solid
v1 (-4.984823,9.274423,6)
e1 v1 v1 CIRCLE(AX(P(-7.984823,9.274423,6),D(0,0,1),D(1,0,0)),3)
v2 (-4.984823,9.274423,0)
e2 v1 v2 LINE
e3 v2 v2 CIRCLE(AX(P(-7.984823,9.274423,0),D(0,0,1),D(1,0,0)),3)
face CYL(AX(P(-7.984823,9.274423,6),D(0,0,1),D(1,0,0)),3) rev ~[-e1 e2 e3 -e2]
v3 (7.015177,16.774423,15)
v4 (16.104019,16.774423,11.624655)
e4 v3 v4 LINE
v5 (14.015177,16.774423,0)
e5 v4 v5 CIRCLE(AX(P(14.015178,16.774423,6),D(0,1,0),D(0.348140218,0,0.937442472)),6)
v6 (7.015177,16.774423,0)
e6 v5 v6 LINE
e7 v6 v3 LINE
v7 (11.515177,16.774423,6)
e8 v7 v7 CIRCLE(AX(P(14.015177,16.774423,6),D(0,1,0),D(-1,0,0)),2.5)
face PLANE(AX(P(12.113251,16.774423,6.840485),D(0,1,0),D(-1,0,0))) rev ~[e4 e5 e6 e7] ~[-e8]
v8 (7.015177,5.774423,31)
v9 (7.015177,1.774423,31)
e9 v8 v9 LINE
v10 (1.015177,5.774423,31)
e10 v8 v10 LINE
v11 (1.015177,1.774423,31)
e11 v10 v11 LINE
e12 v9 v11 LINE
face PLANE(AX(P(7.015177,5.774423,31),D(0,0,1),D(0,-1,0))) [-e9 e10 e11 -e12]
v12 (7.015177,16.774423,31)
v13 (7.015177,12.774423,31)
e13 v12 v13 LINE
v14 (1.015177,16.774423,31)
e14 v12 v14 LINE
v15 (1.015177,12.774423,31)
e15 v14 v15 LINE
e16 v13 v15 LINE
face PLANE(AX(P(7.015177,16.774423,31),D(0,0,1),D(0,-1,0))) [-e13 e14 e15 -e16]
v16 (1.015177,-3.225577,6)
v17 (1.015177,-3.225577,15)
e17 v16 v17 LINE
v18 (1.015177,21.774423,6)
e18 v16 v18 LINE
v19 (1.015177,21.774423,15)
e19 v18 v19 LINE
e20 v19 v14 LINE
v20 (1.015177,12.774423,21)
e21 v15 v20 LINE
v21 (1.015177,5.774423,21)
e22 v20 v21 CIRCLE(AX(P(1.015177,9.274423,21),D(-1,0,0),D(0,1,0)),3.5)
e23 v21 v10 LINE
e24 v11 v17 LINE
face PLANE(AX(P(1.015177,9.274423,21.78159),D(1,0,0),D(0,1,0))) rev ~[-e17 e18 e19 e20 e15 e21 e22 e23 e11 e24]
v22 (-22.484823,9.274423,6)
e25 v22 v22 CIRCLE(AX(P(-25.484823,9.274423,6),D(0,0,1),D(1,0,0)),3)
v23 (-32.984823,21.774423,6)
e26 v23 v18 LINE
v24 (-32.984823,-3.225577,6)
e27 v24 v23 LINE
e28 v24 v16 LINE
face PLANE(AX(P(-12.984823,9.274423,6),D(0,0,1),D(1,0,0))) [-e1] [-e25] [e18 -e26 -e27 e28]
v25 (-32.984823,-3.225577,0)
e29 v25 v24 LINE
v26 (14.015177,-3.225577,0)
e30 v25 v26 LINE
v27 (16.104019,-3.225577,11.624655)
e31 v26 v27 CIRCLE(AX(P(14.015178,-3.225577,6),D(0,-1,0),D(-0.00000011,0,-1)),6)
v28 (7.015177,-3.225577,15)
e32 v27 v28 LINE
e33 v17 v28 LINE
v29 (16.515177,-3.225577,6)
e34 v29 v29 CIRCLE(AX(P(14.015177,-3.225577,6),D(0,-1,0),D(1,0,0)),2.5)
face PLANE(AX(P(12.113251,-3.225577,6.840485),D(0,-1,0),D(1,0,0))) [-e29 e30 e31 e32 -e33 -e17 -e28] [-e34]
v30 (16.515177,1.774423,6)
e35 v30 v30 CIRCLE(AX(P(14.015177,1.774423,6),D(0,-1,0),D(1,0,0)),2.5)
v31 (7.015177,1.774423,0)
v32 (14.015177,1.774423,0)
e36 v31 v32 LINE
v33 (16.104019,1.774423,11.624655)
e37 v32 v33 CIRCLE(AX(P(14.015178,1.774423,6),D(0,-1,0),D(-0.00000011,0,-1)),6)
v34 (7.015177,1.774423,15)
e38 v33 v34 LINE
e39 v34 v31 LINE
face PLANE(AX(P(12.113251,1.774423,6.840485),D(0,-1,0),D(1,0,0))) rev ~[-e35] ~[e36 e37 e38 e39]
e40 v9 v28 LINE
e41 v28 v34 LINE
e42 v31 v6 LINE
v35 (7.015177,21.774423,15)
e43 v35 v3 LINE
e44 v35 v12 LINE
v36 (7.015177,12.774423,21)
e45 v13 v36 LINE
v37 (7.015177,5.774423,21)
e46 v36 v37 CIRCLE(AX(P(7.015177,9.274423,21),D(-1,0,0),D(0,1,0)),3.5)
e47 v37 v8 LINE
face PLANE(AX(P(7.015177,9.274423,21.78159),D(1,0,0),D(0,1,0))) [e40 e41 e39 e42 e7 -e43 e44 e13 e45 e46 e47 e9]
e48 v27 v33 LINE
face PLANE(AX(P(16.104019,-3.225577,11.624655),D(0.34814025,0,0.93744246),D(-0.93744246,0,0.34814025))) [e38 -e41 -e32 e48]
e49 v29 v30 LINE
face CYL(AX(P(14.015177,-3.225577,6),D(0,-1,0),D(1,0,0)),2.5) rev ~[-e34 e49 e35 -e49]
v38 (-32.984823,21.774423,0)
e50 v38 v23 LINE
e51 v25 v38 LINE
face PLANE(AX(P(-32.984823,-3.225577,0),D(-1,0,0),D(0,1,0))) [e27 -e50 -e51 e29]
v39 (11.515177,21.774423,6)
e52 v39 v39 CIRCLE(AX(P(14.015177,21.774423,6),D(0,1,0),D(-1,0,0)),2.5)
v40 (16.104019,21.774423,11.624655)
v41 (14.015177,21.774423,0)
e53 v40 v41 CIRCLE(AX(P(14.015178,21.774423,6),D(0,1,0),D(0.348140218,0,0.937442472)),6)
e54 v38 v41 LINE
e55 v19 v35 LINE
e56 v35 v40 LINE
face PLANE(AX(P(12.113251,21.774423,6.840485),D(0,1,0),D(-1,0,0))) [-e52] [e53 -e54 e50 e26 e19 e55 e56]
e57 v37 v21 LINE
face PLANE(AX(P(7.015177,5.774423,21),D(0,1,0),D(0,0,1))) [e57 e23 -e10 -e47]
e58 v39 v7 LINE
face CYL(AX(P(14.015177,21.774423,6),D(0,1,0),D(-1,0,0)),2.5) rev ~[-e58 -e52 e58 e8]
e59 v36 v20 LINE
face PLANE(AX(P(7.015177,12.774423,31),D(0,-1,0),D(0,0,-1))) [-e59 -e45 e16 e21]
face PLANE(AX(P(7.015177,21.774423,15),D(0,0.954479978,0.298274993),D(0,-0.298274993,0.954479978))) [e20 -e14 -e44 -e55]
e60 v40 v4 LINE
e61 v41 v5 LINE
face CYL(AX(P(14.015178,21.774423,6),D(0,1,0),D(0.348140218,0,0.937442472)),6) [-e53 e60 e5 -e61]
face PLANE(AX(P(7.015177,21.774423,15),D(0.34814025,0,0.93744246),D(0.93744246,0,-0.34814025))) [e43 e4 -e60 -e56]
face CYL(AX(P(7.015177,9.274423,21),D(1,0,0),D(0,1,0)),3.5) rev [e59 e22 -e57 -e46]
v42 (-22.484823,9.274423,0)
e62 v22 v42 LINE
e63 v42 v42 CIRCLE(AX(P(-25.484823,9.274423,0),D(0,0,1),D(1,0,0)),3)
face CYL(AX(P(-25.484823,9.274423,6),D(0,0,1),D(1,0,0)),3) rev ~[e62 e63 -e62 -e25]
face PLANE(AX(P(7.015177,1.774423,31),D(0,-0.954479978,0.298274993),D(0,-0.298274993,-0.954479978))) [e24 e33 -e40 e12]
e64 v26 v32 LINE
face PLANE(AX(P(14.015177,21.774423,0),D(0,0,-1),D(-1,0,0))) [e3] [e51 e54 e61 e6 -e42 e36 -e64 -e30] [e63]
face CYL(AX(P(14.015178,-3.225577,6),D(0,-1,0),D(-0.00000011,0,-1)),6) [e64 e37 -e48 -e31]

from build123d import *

# Parameters (mm, degrees)
F0_W      = 40
F0_H      = 25
F1_DEPTH  = 6
F2_W      = 6
F2_H      = 25
F3_DEPTH  = 9
F5_DEPTH  = 6
F6_R      = 2.5
F7_DEPTH  = 5
F8_R      = 2.5
F9_DEPTH  = 5
F10_R     = 3
F11_DEPTH = 6.001


with BuildPart() as f1:
    # F0 (on Top) → F1 (new body)
    with BuildSketch(Plane.XY):
        with Locations((-12.984823, 9.274423)):
            Rectangle(F0_W, F0_H)
    extrude(amount=F1_DEPTH)

    # F2 (on face) → F3 (join)
    with BuildSketch(Plane.XY.offset(6)):
        with Locations((4.015177, 9.274423)):
            Rectangle(F2_W, F2_H)
    extrude(amount=F3_DEPTH)

    # F4 (on face) → F5 (join)
    with BuildSketch(Plane.YZ.offset(7.015177)):
        with BuildLine():
            Line((12.774423, 31), (12.774423, 21))
            ThreePointArc((12.774423, 21), (9.274423, 17.5), (5.774423, 21))
            Line((5.774423, 21), (5.774423, 31))
            Line((5.774423, 31), (1.774423, 31))
            Line((1.774423, 31), (-3.225577, 15))
            Line((-3.225577, 15), (21.774423, 15))
            Line((21.774423, 15), (16.774423, 31))
            Line((16.774423, 31), (12.774423, 31))
        make_face()
    extrude(amount=-F5_DEPTH)

    # F6 (on face) → F7 (join)
    with BuildSketch(Plane.XZ.offset(3.225577)):
        with BuildLine():
            Line((7.015177, 15), (7.015177, 0))
            Line((7.015177, 0), (14.015177, 0))
            ThreePointArc((14.015177, 0), (19.920596, 4.938852), (16.104019, 11.624655))
            Line((16.104019, 11.624655), (7.015177, 15))
        make_face()
        with Locations((14.015177, 6)):
            Circle(F6_R, mode=Mode.SUBTRACT)
    extrude(amount=-F7_DEPTH)

    # F8 (on face) → F9 (join)
    with BuildSketch(Plane(origin=(0, 21.774423, 0), x_dir=(-1, 0, 0), z_dir=(0, 1, 0))):
        with BuildLine():
            Line((-7.015177, 0), (-7.015177, 15))
            Line((-7.015177, 15), (-16.104019, 11.624655))
            ThreePointArc((-16.104019, 11.624655), (-19.920596, 4.938852), (-14.015177, 0))
            Line((-14.015177, 0), (-7.015177, 0))
        make_face()
        with Locations((-14.015177, 6)):
            Circle(F8_R, mode=Mode.SUBTRACT)
    extrude(amount=-F9_DEPTH)

    # F10 (on face) → F11 (cut, through all)
    with BuildSketch(Plane.XY.offset(6)):
        with Locations((-7.984823, 9.274423)):
            Circle(F10_R)
        with Locations((-25.484823, 9.274423)):
            Circle(F10_R)
    extrude(amount=-F11_DEPTH, mode=Mode.SUBTRACT)


solid = f1.part
